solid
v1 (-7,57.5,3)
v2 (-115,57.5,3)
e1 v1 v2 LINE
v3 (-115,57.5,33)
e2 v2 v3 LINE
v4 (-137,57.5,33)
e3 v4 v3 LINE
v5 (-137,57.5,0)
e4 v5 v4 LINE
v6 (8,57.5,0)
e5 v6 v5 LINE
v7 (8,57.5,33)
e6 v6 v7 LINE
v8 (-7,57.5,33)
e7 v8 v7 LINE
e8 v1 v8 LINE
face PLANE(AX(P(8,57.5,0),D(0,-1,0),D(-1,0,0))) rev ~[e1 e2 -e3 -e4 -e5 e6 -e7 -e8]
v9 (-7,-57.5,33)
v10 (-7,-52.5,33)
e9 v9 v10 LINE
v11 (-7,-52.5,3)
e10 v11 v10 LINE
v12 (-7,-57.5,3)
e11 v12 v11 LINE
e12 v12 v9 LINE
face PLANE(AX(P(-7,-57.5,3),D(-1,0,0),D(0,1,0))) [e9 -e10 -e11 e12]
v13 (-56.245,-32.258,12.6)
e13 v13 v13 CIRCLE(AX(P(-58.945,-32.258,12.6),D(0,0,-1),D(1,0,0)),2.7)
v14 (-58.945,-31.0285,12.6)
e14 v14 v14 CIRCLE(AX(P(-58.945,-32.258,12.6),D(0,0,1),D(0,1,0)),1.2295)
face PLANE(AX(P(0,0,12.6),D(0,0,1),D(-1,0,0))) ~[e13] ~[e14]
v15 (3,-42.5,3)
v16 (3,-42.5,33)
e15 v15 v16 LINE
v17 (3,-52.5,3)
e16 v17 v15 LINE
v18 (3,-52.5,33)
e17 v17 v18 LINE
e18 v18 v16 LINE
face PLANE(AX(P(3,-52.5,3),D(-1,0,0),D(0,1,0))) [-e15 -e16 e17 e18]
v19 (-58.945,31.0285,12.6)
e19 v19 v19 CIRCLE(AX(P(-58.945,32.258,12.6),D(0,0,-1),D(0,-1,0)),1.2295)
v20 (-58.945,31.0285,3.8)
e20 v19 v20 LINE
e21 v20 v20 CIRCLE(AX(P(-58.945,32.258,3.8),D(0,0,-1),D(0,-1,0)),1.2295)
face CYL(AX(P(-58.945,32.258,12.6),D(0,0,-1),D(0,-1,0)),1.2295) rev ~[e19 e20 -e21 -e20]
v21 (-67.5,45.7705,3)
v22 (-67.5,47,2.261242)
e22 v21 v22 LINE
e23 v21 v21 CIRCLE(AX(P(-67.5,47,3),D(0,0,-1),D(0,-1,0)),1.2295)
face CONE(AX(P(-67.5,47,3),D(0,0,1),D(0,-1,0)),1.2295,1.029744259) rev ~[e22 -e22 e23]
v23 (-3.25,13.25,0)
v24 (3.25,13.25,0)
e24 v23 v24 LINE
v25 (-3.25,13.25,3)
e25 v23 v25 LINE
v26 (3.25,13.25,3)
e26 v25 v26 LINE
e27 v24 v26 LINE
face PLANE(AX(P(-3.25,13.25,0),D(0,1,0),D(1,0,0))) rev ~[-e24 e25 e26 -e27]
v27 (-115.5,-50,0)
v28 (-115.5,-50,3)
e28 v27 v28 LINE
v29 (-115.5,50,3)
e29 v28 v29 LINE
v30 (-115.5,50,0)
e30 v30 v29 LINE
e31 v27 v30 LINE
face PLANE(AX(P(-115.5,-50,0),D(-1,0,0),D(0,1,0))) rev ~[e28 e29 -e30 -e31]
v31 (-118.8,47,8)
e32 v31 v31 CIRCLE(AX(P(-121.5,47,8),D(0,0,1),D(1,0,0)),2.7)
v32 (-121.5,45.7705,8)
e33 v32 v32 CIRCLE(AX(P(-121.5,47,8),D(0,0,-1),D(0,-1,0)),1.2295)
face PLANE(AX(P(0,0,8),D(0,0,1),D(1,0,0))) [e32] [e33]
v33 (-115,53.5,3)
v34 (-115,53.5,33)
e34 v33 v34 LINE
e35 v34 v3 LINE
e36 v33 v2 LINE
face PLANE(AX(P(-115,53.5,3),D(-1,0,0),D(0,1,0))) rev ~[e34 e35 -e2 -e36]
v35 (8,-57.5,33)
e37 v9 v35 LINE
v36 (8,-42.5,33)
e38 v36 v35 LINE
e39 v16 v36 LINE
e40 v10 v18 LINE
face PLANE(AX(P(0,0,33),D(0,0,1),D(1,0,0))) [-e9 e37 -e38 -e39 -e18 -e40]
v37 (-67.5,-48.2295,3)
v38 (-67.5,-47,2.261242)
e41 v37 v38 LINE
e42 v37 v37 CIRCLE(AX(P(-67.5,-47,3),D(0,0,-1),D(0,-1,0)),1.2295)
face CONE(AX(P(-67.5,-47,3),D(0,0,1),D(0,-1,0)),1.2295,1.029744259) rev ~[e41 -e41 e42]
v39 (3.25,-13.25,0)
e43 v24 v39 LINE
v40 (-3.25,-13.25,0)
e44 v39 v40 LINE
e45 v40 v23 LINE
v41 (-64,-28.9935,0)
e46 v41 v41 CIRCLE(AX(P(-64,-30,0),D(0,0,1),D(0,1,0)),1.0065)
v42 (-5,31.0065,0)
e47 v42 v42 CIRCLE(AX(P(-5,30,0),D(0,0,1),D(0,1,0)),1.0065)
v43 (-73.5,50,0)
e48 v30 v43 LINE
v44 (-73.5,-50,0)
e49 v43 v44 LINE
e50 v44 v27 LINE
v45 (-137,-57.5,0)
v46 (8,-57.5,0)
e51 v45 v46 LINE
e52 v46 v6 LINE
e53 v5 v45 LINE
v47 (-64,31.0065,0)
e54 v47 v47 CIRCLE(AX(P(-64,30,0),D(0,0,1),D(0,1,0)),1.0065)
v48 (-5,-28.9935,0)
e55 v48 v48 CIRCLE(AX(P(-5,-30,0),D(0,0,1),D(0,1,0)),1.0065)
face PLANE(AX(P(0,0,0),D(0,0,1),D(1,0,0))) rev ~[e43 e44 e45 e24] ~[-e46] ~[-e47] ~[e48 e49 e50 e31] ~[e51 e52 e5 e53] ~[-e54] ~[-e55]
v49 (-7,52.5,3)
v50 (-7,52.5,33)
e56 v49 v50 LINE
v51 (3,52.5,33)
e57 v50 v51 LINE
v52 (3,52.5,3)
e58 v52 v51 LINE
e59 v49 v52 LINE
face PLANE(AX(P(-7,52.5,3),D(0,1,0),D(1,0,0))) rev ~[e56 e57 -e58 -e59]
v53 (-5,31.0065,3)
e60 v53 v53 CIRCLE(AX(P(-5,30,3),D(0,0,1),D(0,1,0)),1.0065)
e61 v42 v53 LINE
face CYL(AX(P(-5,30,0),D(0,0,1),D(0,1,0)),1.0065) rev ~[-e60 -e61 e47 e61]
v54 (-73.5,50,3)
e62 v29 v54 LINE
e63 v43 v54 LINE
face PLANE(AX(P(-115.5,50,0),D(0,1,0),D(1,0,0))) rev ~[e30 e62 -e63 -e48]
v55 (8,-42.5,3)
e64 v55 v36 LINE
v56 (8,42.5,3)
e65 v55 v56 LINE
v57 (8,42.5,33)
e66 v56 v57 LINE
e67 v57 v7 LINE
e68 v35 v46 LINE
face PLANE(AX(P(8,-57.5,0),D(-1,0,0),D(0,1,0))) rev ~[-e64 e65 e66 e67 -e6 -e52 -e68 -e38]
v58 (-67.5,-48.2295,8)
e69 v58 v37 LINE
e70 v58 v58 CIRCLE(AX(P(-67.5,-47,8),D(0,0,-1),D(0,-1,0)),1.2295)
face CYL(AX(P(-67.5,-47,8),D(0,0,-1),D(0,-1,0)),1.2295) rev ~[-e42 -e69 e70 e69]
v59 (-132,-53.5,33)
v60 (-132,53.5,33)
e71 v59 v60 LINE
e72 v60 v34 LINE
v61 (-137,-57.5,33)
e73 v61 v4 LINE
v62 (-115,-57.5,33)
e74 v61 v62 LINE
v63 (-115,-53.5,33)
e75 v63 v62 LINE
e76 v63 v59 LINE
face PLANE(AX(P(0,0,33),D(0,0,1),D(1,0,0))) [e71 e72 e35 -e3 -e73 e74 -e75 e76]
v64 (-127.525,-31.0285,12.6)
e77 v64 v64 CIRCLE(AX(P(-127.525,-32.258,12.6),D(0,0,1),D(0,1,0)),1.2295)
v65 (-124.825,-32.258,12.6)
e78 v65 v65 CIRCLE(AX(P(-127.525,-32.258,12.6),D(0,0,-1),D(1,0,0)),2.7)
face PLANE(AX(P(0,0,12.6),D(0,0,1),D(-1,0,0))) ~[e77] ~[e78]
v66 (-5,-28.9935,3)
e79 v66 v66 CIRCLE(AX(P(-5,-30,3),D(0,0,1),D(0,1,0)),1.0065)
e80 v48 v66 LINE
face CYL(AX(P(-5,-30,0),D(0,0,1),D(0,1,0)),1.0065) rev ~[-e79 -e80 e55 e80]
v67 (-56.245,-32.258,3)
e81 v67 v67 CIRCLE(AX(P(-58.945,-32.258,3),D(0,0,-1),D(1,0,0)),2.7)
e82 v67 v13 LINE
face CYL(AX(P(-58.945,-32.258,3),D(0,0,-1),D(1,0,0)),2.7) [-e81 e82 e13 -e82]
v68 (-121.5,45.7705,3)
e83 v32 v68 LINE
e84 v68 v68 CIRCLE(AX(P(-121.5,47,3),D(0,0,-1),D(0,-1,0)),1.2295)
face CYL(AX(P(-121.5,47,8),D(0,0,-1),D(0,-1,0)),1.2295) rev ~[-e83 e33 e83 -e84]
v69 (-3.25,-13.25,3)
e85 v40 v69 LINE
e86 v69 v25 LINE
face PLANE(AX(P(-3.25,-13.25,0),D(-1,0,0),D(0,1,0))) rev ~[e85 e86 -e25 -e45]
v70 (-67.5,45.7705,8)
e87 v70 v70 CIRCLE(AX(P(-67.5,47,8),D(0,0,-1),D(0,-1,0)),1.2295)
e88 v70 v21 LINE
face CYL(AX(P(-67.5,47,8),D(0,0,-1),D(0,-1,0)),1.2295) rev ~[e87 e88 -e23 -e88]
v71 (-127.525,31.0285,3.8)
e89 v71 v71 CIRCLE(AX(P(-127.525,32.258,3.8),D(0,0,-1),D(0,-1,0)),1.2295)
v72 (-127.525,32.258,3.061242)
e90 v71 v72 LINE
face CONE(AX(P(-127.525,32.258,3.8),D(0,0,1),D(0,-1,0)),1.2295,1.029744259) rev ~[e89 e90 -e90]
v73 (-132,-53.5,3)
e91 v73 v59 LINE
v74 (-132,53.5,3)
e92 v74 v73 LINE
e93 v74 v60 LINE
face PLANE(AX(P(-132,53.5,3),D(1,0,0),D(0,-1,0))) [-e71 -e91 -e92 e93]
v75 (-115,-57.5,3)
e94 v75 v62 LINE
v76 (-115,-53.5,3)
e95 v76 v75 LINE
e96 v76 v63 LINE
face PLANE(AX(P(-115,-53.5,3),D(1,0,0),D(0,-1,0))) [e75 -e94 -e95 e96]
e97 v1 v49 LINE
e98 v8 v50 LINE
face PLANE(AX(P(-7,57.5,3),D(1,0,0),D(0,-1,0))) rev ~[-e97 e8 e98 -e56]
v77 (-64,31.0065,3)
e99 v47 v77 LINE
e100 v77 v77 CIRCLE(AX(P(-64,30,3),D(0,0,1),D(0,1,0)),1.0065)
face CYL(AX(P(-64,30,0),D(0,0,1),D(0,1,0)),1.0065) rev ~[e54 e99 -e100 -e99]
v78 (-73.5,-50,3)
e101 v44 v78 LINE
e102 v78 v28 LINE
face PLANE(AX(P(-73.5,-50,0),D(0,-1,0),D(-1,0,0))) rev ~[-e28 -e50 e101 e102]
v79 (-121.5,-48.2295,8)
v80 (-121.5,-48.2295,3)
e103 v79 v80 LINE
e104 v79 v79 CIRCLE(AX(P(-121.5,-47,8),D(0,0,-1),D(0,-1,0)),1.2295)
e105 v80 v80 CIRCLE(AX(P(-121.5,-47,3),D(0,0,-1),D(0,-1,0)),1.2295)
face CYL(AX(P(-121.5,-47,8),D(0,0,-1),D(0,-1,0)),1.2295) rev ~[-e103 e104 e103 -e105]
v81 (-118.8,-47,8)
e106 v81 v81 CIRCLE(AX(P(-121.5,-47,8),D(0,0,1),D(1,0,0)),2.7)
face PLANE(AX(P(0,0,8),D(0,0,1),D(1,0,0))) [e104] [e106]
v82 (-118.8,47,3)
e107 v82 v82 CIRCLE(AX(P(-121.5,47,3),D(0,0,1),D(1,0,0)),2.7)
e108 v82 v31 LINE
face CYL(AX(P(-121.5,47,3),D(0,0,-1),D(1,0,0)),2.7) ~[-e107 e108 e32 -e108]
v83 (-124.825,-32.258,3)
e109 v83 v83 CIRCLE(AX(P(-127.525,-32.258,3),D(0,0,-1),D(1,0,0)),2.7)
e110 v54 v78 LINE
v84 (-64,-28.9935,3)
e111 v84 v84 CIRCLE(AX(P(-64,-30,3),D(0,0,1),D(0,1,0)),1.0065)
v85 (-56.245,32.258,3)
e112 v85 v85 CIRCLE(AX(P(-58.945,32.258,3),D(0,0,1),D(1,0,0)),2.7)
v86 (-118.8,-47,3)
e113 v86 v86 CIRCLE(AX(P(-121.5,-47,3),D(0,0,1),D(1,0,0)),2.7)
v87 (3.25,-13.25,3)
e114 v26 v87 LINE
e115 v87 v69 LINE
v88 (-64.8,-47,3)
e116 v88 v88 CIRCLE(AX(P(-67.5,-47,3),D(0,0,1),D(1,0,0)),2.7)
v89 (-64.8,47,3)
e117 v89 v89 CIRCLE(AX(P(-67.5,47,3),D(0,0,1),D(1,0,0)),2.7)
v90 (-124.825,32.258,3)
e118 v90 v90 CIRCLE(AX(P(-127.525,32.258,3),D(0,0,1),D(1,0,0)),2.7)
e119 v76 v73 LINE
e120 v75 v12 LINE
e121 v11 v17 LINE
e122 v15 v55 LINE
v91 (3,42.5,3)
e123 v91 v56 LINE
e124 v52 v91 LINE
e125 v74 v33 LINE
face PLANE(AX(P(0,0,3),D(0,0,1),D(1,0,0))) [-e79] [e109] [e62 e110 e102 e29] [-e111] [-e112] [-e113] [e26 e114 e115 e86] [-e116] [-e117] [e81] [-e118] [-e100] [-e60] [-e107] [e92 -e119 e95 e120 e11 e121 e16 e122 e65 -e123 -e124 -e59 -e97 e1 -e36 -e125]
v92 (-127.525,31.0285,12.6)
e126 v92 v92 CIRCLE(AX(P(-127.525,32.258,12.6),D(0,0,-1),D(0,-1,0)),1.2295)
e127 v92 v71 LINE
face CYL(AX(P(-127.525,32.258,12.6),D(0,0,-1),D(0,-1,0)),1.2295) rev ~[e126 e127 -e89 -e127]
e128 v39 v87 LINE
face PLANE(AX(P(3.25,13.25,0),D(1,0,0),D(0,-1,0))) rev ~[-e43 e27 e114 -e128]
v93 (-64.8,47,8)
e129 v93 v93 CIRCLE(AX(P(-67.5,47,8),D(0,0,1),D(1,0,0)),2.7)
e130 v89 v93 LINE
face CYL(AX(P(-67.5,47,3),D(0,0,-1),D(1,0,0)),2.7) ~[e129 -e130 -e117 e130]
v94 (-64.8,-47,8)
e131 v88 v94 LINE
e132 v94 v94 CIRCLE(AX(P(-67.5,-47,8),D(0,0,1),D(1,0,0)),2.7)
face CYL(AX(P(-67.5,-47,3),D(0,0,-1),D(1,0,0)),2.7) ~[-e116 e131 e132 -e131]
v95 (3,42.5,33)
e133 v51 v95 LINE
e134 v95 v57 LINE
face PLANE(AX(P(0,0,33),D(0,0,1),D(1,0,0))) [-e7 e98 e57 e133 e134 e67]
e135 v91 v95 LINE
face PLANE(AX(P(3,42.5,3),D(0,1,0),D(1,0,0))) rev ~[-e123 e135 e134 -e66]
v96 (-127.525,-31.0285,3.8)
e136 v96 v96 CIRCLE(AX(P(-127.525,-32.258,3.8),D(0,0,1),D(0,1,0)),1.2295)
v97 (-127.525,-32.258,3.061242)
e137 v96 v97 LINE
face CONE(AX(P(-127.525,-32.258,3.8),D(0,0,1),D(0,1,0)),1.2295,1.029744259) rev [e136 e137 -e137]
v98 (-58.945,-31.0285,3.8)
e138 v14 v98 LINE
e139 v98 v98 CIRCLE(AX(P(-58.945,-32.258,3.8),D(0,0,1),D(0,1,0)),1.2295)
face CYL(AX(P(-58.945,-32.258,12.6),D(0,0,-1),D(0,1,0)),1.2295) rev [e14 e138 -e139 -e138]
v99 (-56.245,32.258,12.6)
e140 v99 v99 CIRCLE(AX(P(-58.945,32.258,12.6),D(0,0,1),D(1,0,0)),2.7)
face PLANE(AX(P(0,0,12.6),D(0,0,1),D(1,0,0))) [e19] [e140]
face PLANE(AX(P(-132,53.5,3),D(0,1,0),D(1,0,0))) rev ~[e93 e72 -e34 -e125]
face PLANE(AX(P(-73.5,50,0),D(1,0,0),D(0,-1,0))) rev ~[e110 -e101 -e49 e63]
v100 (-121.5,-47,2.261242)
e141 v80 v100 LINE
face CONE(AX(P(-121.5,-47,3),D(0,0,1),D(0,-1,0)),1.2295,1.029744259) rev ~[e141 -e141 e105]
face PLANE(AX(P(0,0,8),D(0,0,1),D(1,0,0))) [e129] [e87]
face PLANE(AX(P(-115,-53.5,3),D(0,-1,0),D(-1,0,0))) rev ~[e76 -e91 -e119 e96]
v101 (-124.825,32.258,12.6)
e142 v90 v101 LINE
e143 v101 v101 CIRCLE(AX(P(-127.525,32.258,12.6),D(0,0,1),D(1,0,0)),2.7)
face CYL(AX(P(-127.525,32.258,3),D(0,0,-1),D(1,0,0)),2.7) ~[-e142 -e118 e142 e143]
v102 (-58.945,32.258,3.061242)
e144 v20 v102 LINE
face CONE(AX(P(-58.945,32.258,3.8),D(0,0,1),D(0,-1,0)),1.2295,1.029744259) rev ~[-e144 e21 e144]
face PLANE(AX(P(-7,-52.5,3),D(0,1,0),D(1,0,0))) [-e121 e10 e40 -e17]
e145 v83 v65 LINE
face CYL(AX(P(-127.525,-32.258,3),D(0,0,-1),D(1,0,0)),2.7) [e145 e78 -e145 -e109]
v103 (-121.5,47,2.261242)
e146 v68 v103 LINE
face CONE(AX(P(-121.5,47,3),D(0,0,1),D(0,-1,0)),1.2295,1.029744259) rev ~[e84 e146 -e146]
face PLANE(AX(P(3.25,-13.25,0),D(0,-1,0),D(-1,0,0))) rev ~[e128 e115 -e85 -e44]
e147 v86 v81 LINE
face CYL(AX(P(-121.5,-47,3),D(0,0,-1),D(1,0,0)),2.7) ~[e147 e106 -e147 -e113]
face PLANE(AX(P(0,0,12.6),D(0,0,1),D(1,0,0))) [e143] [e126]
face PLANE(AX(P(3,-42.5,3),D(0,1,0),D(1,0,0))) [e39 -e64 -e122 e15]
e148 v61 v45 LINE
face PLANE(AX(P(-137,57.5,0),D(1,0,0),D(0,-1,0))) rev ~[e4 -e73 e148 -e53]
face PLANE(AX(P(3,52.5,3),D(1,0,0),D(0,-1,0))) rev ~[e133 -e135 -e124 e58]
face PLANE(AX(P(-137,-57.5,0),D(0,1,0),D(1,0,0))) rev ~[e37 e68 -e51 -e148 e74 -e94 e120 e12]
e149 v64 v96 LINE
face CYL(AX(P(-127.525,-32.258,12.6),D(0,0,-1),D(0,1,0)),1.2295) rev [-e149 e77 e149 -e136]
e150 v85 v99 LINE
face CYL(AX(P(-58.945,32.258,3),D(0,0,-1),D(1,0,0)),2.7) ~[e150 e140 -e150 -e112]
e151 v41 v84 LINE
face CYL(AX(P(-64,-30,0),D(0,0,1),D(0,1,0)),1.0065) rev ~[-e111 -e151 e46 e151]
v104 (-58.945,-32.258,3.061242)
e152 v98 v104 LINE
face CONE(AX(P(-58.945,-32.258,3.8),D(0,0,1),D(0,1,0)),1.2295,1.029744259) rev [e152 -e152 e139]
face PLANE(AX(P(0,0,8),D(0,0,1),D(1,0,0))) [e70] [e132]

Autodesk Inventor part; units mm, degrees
ref_plane "YZ Plane" through (0, 0, 0) normal (1, 0, 0) x (0, 1, 0)
sketch "Sketch1" plane through (0, 0, 0) normal (0, 0, 1) x (1, 0, 0)
  line L0 (8, 57.5) -> (-137, 57.5)
  line L1 (-137, 57.5) -> (-137, -57.5)
  line L2 (-137, -57.5) -> (8, -57.5)
  line L3 (8, -57.5) -> (8, 57.5)
  line L4 (8, 0) -> (-137, 0) construction
  line L5 (-114.5, 49) -> (-74.5, 49) projected
  line L6 (-74.5, 49) -> (-74.5, -49) projected
  line L7 (-74.5, -49) -> (-114.5, -49) projected
  line L8 (-114.5, -49) -> (-114.5, 49) projected
  line L9 (-115.5, 50) -> (-73.5, 50)
  line L10 (-73.5, 50) -> (-73.5, -50)
  line L11 (-73.5, -50) -> (-115.5, -50)
  line L12 (-115.5, -50) -> (-115.5, 50)
  line L13 (2.5, 12.5) -> (-2.5, 12.5) projected
  line L14 (-2.5, 12.5) -> (-2.5, -12.5) projected
  line L15 (-2.5, -12.5) -> (2.5, -12.5) projected
  line L16 (2.5, -12.5) -> (2.5, 12.5) projected
  line L17 (3.25, -13.25) -> (-3.25, -13.25)
  line L18 (-3.25, -13.25) -> (-3.25, 13.25)
  line L19 (-3.25, 13.25) -> (3.25, 13.25)
  line L20 (3.25, 13.25) -> (3.25, -13.25)
  point P0 (0, 0)
  dimension "d0" = 115
  dimension "d1" = 145
  dimension "d2" = 8
  dimension "d3" = 1
  dimension "d4" = 0.75
extrude "Extrusion1" add sketch "Sketch1" along normal blind 3 contours L3 L2 L1 L0
sketch "Sketch2" plane through (0, 0, 3) normal (0, 0, 1) x (1, 0, 0)
  circle A0 centre (-67.5, -47) radius 1.7 construction
  circle A1 centre (-67.5, 47) radius 1.7 construction
  circle A2 centre (-121.5, 47) radius 1.7 construction
  circle A3 centre (-121.5, -47) radius 1.7 construction
  line L0 (-64.5, 50) -> (-124.5, 50) construction
  line L1 (-124.5, 50) -> (-124.5, -50) construction
  line L2 (-124.5, -50) -> (-64.5, -50) construction
  line L3 (-64.5, -50) -> (-64.5, 50) construction
  circle A4 centre (-67.5, 47) radius 2.7
  circle A5 centre (-121.5, 47) radius 2.7
  circle A6 centre (-67.5, -47) radius 2.7
  circle A7 centre (-121.5, -47) radius 2.7
  point P0 (0, 0)
  dimension "d7" = 1
ref_plane "Work Plane1" through (-126.5, -50, 8) normal (0, 0, -1) x (0, 1, 0)
extrude "Extrusion2" add sketch "Sketch2" along normal up to surface (5 mm away)
sketch "Sketch3" plane through (-121.5, 47, 8) normal (0, 0, 1) x (1, 0, 0)
  circle A0 centre (54, -94) radius 1.7 construction
  circle A1 centre (54, 0) radius 1.7 construction
  circle A2 centre (0, 0) radius 1.7 construction
  circle A3 centre (0, -94) radius 1.7 construction
  line L0 (57, 3) -> (-3, 3) construction
  line L1 (-3, 3) -> (-3, -97) construction
  line L2 (-3, -97) -> (57, -97) construction
  line L3 (57, -97) -> (57, 3) construction
  circle A4 centre (0, 0) radius 2.7 construction
  point P0 (121.5, -47)
hole "Hole1" at (-121.5, 47, 8) at (-121.5, -47, 8) at (-67.5, -47, 8) at (-67.5, 47, 8) direction (0, 0, -1) diameter 2.459 depth 5 tip angle 118 thread size "M3x0.5" class "6H" standard "ANSI Metric M Profile"
sketch "Sketch4" plane through (0, 0, 0) normal (0, 0, -1) x (-1, 0, 0)
  circle A0 centre (64, -30) radius 1.2 construction
  circle A1 centre (64, 30) radius 1.2 construction
  circle A2 centre (5, 30) radius 1.2 construction
  circle A3 centre (5, -30) radius 1.2 construction
  line L0 (66.5, 32.5) -> (2.5, 32.5) construction
  line L1 (2.5, 32.5) -> (2.5, -32.5) construction
  line L2 (2.5, -32.5) -> (66.5, -32.5) construction
  line L3 (66.5, -32.5) -> (66.5, 32.5) construction
  point P0 (0, 0)
hole "Hole2" at (-5, -30, 0) at (-5, 30, 0) at (-64, 30, 0) at (-64, -30, 0) direction (0, 0, 1) diameter 2.013 end through all thread size "M2.5x0.45" class "6H" standard "ANSI Metric M Profile"
sketch "Sketch5" plane through (0, 0, 3) normal (0, 0, 1) x (1, 0, 0)
  circle A0 centre (-58.945, 32.258) radius 1.7 construction
  circle A1 centre (-127.525, -32.258) radius 1.7 construction
  circle A2 centre (-127.525, 32.258) radius 1.7 construction
  line L0 (-54.5, -35.56) -> (-54.5, 35.56) construction
  line L1 (-54.5, 35.56) -> (-131.97, 35.56) construction
  line L2 (-131.97, 35.56) -> (-131.97, -35.56) construction
  line L3 (-131.97, -35.56) -> (-54.5, -35.56) construction
  circle A3 centre (-127.525, 32.258) radius 2.7
  circle A4 centre (-58.945, 32.258) radius 2.7
  point P0 (0, 0)
  dimension "d24" = 1
ref_plane "Work Plane2" through (-134.4075, -35.56, 12.6) normal (0, 0, -1) x (0, 1, 0)
extrude "Extrusion3" add sketch "Sketch5" along normal up to surface (9.6 mm away)
sketch "Sketch6" plane through (-127.525, 32.258, 12.6) normal (0, 0, 1) x (1, 0, 0)
  circle A0 centre (0, 0) radius 2.7 projected
  circle A1 centre (68.58, 0) radius 2.7 projected
  point P0 (127.525, -32.258)
hole "Hole3" at (-127.525, 32.258, 12.6) at (-58.945, 32.258, 12.6) direction (0, 0, -1) diameter 2.459 depth 8.8 tip angle 118 thread size "M3x0.5" class "6H" standard "ANSI Metric M Profile"
ref_plane "Work Plane3" through (-137, 0, 0) normal (0, 1, 0) x (1, 0, 0)
mirror "Mirror1" about plane through (-137, 0, 0) normal (0, 1, 0) of "Extrusion3", "Hole3"
sketch "Sketch7" plane through (0, 0, 3) normal (0, 0, 1) x (1, 0, 0)
  circle A0 centre (-127.525, 32.258) radius 2.7 construction
  circle A1 centre (-58.945, 32.258) radius 2.7 construction
  circle A2 centre (-64, 30) radius 1.0065 construction
  circle A3 centre (-5, -30) radius 1.0065 construction
  circle A4 centre (-5, 30) radius 1.0065 construction
  circle A5 centre (-58.945, -32.258) radius 2.7 construction
  circle A6 centre (-64, -30) radius 1.0065 construction
  circle A7 centre (-67.5, -47) radius 2.7 construction
  circle A8 centre (-121.5, -47) radius 2.7 construction
  circle A9 centre (-121.5, 47) radius 2.7 construction
  circle A10 centre (-67.5, 47) radius 2.7 construction
  line L0 (-73.5, 50) -> (-73.5, -50) construction
  line L1 (-73.5, -50) -> (-115.5, -50) construction
  line L2 (-115.5, -50) -> (-115.5, 50) construction
  line L3 (-115.5, 50) -> (-73.5, 50) construction
  line L4 (-3.25, -13.25) -> (-3.25, 13.25) construction
  line L5 (-3.25, 13.25) -> (3.25, 13.25) construction
  line L6 (3.25, 13.25) -> (3.25, -13.25) construction
  line L7 (3.25, -13.25) -> (-3.25, -13.25) construction
  line L8 (8, 57.5) -> (-137, 57.5) construction
  line L9 (-137, 57.5) -> (-137, -57.5) construction
  line L10 (-137, -57.5) -> (8, -57.5) construction
  line L11 (8, -57.5) -> (8, 57.5) construction
  circle A11 centre (-127.525, -32.258) radius 2.7 construction
  line L12 (-137, 57.5) -> (-137, -57.5) projected
  line L13 (-137, -57.5) -> (8, -57.5) projected
  line L14 (-137, 57.5) -> (-132, 57.5)
  line L15 (-132, 57.5) -> (-132, -57.5)
  line L16 (-132, -57.5) -> (-137, -57.5)
  line L17 (-137, -57.5) -> (-137, 57.5)
  line L18 (8, 57.5) -> (-137, 57.5) projected
  line L19 (-115, 57.5) -> (-137, 57.5)
  line L20 (-137, 57.5) -> (-137, 53.5)
  line L21 (-137, 53.5) -> (-115, 53.5)
  line L22 (-115, 53.5) -> (-115, 57.5)
  line L23 (-137, 57.5) -> (-137, -57.5) projected
  line L24 (8, 0) -> (-137, 0)
  line L25 (8, -57.5) -> (-137, -57.5) construction
  line L26 (8, -57.5) -> (-137, -57.5)
  line L27 (-115, -53.5) -> (-115, -57.5)
  line L28 (8, 57.5) -> (-7, 57.5)
  line L29 (-7, 57.5) -> (-7, 52.5)
  line L30 (-7, 52.5) -> (8, 52.5)
  line L31 (8, 52.5) -> (8, 57.5)
  line L32 (8, -57.5) -> (-7, -57.5)
  line L33 (-7, -57.5) -> (-7, -52.5)
  line L34 (-7, -52.5) -> (8, -52.5)
  line L35 (8, -52.5) -> (8, -57.5)
  line L36 (-115, -53.5) -> (-137, -53.5)
  line L37 (-137, -53.5) -> (-137, -57.5)
  line L38 (-137, -57.5) -> (-115, -57.5)
  line L39 (-115, -57.5) -> (-115, -53.5)
  line L40 (8, 57.5) -> (3, 57.5)
  line L41 (3, 57.5) -> (3, 42.5)
  line L42 (3, 42.5) -> (8, 42.5)
  line L43 (8, 42.5) -> (8, 57.5)
  line L44 (8, -57.5) -> (8, 57.5) projected
  line L45 (8, -57.5) -> (3, -57.5)
  line L46 (3, -57.5) -> (3, -42.5)
  line L47 (3, -42.5) -> (8, -42.5)
  line L48 (8, -42.5) -> (8, -57.5)
  point P0 (0, 0)
  dimension "d34" = 5
  dimension "d35" = 22
  dimension "d36" = 4
  dimension "d37" = 15
  dimension "d38" = 5
extrude "Extrusion4" add sketch "Sketch7" along normal blind 30 contours L14 L15 L21 L12 | L21 L15 L24 L12 | L18 L22 L21 L15 | L24 L15 L36 L12 | L36 L15 L13 L12 | L18 L41 L30 L29 | L36 L27 L13 L15 | L18 L31 L30 L41 | L44 L34 L46 L47 | L42 L41 L30 L43 | L35 L13 L46 L34 | L33 L34 L46 L13
properties part number "Case"
